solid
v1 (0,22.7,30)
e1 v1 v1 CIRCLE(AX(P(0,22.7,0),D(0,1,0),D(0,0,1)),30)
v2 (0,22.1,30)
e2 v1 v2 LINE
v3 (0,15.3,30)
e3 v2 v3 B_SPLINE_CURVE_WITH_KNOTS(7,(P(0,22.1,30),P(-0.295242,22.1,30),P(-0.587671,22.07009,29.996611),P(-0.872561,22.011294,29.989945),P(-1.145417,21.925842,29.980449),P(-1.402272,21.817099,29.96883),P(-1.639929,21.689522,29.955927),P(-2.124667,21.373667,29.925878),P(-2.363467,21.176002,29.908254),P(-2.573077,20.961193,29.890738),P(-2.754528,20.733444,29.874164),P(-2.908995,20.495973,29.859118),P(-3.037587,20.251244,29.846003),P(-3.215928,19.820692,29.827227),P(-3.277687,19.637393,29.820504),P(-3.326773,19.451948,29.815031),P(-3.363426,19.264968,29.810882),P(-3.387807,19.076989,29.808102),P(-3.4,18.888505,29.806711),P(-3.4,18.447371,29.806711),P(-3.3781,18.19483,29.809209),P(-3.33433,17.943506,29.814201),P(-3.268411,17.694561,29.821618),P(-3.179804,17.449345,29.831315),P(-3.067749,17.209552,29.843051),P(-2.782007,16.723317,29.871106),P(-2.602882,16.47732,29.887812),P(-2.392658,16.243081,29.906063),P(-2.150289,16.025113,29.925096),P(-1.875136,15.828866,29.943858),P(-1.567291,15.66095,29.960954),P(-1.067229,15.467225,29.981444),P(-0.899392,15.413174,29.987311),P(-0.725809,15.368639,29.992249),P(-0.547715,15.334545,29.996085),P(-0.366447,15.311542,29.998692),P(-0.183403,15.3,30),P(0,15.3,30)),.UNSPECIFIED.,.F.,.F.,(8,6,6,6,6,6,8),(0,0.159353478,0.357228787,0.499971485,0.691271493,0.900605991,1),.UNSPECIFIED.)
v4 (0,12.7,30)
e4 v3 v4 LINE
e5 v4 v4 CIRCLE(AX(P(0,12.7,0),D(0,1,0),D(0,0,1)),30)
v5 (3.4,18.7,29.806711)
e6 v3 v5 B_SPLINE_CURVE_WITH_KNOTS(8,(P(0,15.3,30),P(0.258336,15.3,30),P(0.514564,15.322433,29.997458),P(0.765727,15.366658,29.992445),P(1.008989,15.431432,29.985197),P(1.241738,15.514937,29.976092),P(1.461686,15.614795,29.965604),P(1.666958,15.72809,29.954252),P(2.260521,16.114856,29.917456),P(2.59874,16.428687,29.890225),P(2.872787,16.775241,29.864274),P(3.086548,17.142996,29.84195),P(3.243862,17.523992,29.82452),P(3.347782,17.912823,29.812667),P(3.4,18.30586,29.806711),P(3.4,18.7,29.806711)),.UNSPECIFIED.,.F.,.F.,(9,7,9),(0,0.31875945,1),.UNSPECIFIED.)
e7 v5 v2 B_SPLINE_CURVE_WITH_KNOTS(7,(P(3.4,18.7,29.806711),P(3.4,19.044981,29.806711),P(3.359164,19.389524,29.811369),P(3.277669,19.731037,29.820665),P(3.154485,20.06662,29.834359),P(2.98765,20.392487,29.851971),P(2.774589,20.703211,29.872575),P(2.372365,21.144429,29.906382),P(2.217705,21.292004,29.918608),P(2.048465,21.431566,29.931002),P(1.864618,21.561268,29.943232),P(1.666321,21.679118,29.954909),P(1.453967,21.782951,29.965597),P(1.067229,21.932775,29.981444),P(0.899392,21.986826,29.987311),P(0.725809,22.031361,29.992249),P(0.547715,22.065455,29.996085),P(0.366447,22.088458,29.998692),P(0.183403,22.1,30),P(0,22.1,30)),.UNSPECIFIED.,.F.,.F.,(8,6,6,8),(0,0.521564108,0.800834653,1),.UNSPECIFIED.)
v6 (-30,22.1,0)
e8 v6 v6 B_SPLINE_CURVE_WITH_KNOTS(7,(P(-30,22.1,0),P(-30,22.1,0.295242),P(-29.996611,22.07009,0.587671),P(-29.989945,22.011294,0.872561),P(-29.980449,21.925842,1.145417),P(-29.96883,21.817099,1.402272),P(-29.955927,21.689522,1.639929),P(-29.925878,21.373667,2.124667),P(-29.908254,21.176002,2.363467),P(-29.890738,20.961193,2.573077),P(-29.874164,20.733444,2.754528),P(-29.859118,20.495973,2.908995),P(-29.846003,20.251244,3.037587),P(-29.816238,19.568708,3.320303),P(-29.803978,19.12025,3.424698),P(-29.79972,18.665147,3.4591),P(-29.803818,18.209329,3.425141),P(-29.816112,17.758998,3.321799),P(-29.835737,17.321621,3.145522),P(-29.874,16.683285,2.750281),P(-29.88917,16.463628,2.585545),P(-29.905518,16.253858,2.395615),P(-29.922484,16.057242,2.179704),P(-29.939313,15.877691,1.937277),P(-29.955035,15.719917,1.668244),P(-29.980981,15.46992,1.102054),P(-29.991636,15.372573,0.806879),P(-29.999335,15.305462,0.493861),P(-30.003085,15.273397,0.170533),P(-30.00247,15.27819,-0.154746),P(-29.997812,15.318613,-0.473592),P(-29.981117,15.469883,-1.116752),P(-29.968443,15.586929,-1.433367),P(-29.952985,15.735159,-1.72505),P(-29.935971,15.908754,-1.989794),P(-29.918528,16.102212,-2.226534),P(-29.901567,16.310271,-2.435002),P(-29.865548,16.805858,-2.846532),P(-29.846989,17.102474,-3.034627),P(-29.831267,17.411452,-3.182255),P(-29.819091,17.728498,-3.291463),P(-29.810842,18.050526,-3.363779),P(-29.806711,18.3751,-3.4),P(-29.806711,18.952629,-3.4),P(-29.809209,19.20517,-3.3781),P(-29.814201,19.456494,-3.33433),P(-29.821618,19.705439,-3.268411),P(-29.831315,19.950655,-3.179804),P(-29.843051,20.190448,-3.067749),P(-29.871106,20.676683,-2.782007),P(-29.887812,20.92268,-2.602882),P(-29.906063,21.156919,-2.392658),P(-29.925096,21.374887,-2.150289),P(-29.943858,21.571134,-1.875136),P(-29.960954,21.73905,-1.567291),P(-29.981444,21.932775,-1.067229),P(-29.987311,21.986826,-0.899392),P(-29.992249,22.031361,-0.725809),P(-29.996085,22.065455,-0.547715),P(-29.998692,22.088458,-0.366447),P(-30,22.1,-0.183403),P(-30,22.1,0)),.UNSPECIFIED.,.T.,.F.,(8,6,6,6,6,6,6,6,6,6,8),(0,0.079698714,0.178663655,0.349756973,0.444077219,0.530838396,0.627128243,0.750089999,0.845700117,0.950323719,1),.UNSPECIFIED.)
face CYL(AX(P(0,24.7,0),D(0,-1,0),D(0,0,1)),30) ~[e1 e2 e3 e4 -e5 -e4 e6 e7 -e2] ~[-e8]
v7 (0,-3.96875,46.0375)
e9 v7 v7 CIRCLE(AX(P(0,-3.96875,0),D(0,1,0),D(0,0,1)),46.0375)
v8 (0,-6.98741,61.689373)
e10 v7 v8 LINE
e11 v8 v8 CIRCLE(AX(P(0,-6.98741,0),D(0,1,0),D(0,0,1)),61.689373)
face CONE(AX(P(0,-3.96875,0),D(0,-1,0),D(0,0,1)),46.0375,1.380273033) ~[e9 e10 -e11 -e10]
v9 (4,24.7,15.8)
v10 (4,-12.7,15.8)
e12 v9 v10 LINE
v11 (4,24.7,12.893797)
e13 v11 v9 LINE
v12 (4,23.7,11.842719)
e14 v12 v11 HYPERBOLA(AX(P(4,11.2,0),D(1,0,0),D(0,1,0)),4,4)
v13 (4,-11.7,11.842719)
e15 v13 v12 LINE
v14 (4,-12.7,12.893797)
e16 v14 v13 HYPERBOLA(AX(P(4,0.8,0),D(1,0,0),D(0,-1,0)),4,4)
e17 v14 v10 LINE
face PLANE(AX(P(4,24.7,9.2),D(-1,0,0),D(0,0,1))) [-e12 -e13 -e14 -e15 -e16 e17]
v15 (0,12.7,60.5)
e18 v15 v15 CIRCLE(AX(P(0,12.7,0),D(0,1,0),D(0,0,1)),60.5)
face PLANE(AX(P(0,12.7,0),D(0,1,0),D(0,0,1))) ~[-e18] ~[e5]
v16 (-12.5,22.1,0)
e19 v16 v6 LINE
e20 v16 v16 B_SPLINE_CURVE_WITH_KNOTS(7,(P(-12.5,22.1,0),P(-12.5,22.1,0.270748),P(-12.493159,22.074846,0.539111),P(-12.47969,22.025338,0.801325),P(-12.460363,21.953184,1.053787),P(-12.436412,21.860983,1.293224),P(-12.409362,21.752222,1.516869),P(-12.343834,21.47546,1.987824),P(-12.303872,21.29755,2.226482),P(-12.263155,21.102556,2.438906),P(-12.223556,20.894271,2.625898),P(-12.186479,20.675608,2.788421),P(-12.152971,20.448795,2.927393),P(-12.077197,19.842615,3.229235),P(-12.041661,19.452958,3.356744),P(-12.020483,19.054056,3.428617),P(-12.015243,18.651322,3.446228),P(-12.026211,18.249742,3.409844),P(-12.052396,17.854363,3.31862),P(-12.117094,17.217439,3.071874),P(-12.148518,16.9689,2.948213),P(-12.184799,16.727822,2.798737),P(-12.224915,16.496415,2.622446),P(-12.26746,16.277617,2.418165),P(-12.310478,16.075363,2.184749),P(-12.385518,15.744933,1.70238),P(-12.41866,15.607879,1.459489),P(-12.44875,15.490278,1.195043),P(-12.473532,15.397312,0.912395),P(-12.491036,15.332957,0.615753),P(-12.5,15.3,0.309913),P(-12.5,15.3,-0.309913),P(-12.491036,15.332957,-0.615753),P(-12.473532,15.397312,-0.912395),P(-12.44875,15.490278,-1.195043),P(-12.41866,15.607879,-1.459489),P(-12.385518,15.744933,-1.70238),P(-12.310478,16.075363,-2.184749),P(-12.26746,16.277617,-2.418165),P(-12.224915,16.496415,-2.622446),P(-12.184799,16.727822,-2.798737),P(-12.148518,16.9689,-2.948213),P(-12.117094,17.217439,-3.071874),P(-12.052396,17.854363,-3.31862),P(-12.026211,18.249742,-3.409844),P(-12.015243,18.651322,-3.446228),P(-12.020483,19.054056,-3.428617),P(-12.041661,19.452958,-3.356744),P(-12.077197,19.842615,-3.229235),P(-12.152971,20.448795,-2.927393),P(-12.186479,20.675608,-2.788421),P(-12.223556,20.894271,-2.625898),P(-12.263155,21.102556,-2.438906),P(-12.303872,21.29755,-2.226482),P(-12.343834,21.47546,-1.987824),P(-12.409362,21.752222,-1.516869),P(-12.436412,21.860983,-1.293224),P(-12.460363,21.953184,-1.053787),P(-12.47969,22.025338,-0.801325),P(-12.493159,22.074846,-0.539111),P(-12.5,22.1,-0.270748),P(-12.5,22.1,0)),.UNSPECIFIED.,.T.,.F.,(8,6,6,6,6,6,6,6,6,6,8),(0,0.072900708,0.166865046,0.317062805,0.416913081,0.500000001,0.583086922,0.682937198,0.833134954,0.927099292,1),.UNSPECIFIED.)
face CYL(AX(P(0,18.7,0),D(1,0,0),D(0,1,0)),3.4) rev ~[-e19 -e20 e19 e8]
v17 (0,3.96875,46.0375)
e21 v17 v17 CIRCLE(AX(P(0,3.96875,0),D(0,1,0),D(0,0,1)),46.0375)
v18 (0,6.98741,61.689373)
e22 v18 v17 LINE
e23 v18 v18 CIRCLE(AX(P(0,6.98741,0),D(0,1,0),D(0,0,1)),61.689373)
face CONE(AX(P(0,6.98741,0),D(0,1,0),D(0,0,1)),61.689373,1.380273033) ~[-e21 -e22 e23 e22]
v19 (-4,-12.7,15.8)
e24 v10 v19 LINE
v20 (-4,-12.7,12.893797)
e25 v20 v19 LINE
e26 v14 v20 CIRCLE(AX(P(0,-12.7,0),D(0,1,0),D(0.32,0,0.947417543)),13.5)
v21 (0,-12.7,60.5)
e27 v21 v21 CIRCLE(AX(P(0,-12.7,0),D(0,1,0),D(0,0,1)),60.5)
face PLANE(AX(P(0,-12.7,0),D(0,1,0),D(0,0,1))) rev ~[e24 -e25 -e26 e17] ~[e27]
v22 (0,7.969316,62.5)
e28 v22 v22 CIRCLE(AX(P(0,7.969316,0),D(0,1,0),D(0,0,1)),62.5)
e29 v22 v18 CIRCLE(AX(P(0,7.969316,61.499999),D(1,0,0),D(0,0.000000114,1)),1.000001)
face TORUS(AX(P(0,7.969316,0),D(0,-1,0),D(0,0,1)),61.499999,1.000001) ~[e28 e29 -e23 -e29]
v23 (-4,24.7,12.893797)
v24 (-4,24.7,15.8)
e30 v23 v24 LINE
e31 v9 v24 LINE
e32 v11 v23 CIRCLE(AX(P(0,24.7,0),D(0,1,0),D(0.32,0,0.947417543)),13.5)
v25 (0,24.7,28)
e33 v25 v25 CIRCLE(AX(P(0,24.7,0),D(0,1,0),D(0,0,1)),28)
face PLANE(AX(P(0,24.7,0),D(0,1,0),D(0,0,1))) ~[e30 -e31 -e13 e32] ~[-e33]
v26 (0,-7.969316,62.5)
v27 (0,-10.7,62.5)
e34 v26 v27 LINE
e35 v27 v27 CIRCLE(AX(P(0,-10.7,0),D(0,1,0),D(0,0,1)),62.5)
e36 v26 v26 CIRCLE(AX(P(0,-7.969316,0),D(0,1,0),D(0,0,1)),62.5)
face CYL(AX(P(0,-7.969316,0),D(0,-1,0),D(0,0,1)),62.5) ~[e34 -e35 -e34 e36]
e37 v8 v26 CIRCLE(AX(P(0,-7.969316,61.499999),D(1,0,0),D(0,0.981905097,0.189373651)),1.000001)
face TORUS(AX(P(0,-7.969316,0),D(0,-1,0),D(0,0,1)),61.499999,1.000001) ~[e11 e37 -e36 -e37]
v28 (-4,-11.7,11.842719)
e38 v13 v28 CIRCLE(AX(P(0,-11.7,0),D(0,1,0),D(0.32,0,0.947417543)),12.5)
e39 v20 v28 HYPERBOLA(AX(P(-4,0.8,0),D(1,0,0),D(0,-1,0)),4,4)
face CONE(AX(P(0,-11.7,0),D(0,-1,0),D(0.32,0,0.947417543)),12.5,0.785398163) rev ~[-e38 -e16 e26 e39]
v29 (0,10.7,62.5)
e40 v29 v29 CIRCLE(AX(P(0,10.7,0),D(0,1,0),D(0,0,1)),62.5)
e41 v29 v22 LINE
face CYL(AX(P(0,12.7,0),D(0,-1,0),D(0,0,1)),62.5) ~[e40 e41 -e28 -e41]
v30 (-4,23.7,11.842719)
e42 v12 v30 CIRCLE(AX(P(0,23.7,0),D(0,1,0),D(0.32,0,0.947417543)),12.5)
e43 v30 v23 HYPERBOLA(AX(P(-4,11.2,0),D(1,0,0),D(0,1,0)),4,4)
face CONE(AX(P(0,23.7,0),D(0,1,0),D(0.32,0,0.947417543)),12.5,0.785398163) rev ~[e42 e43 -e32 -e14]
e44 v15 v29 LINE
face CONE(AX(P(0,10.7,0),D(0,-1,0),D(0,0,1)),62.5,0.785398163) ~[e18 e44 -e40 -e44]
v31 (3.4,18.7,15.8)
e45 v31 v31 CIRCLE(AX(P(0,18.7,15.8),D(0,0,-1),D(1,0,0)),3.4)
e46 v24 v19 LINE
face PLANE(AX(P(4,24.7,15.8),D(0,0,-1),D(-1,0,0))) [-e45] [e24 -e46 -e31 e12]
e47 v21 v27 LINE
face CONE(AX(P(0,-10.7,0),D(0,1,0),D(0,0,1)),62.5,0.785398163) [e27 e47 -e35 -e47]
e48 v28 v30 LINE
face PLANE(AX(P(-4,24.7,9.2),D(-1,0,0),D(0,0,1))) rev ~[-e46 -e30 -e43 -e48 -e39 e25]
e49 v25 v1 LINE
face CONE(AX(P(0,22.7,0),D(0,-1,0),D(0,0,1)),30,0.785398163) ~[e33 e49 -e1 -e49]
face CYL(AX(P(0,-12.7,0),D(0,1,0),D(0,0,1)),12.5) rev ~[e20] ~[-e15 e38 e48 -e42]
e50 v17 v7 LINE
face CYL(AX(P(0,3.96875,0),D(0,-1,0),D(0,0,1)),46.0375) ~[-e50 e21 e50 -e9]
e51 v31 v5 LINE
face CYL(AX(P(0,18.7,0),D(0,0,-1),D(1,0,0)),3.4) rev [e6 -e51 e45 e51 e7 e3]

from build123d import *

# Parameters (mm, degrees)
F2_SIZE  = 2
F3_SIZE  = 2
F4_W     = 8
F4_H     = 6.6
F5_DEPTH = 37.401
F6_R     = 3.4
F7_DEPTH = 62.501
F8_R     = 3.4
F9_DEPTH = 62.501
F10_SIZE = 1
F11_SIZE = 2


with BuildPart() as f1:
    # F0 (on Right) → F1 (revolve)
    with BuildSketch(Plane.YZ):
        with BuildLine():
            Line((-12.7, 62.5), (-12.7, 12.5))
            Line((-12.7, 12.5), (12.7, 12.5))
            Line((12.7, 12.5), (24.7, 12.5))
            Line((24.7, 12.5), (24.7, 30))
            Line((24.7, 30), (12.7, 30))
            Line((12.7, 30), (12.7, 62.5))
            Line((12.7, 62.5), (7.969316, 62.5))
            ThreePointArc((7.969316, 62.5), (7.332673, 62.271159), (6.98741, 61.689373))
            Line((6.98741, 61.689373), (3.96875, 46.0375))
            Line((3.96875, 46.0375), (0, 46.0375))
            Line((0, 46.0375), (-3.96875, 46.0375))
            Line((-3.96875, 46.0375), (-6.98741, 61.689373))
            ThreePointArc((-6.98741, 61.689373), (-7.332673, 62.271159), (-7.969316, 62.5))
            Line((-7.969316, 62.5), (-12.7, 62.5))
        make_face()
    revolve(axis=Axis((0, -1.982494, 0), (0, 1, 0)))

    # F2
    f2_edges = [f1.edges().sort_by_distance(p)[0] for p in [
        (0, 12.7, -62.5),
    ]]
    chamfer(f2_edges, length=F2_SIZE)

    # F3
    f3_edges = [f1.edges().sort_by_distance(p)[0] for p in [
        (0, -12.7, -62.5),
    ]]
    chamfer(f3_edges, length=F3_SIZE)

    # F4 (on face) → F5 (cut, through all)
    with BuildSketch(Plane(origin=(0, 24.7, 0), x_dir=(-1, 0, 0), z_dir=(0, 1, 0))):
        with Locations((0, 12.5)):
            Rectangle(F4_W, F4_H)
    extrude(amount=-F5_DEPTH, mode=Mode.SUBTRACT)

    # F6 (on Top) → F7 (cut, through all)
    with BuildSketch(Plane.XY):
        with Locations((0, 18.7)):
            Circle(F6_R)
    extrude(amount=F7_DEPTH, mode=Mode.SUBTRACT)

    # F8 (on Right) → F9 (cut, through all)
    with BuildSketch(Plane.YZ):
        with Locations((18.7, 0)):
            Circle(F8_R)
    extrude(amount=-F9_DEPTH, mode=Mode.SUBTRACT)

    # F10
    f10_edges = [f1.edges().sort_by_distance(p)[0] for p in [
        (0, 24.7, -12.5),
        (0, -12.7, -12.5),
    ]]
    chamfer(f10_edges, length=F10_SIZE)

    # F11
    f11_edges = [f1.edges().sort_by_distance(p)[0] for p in [
        (0, 24.7, -30),
    ]]
    chamfer(f11_edges, length=F11_SIZE)


solid = f1.part
